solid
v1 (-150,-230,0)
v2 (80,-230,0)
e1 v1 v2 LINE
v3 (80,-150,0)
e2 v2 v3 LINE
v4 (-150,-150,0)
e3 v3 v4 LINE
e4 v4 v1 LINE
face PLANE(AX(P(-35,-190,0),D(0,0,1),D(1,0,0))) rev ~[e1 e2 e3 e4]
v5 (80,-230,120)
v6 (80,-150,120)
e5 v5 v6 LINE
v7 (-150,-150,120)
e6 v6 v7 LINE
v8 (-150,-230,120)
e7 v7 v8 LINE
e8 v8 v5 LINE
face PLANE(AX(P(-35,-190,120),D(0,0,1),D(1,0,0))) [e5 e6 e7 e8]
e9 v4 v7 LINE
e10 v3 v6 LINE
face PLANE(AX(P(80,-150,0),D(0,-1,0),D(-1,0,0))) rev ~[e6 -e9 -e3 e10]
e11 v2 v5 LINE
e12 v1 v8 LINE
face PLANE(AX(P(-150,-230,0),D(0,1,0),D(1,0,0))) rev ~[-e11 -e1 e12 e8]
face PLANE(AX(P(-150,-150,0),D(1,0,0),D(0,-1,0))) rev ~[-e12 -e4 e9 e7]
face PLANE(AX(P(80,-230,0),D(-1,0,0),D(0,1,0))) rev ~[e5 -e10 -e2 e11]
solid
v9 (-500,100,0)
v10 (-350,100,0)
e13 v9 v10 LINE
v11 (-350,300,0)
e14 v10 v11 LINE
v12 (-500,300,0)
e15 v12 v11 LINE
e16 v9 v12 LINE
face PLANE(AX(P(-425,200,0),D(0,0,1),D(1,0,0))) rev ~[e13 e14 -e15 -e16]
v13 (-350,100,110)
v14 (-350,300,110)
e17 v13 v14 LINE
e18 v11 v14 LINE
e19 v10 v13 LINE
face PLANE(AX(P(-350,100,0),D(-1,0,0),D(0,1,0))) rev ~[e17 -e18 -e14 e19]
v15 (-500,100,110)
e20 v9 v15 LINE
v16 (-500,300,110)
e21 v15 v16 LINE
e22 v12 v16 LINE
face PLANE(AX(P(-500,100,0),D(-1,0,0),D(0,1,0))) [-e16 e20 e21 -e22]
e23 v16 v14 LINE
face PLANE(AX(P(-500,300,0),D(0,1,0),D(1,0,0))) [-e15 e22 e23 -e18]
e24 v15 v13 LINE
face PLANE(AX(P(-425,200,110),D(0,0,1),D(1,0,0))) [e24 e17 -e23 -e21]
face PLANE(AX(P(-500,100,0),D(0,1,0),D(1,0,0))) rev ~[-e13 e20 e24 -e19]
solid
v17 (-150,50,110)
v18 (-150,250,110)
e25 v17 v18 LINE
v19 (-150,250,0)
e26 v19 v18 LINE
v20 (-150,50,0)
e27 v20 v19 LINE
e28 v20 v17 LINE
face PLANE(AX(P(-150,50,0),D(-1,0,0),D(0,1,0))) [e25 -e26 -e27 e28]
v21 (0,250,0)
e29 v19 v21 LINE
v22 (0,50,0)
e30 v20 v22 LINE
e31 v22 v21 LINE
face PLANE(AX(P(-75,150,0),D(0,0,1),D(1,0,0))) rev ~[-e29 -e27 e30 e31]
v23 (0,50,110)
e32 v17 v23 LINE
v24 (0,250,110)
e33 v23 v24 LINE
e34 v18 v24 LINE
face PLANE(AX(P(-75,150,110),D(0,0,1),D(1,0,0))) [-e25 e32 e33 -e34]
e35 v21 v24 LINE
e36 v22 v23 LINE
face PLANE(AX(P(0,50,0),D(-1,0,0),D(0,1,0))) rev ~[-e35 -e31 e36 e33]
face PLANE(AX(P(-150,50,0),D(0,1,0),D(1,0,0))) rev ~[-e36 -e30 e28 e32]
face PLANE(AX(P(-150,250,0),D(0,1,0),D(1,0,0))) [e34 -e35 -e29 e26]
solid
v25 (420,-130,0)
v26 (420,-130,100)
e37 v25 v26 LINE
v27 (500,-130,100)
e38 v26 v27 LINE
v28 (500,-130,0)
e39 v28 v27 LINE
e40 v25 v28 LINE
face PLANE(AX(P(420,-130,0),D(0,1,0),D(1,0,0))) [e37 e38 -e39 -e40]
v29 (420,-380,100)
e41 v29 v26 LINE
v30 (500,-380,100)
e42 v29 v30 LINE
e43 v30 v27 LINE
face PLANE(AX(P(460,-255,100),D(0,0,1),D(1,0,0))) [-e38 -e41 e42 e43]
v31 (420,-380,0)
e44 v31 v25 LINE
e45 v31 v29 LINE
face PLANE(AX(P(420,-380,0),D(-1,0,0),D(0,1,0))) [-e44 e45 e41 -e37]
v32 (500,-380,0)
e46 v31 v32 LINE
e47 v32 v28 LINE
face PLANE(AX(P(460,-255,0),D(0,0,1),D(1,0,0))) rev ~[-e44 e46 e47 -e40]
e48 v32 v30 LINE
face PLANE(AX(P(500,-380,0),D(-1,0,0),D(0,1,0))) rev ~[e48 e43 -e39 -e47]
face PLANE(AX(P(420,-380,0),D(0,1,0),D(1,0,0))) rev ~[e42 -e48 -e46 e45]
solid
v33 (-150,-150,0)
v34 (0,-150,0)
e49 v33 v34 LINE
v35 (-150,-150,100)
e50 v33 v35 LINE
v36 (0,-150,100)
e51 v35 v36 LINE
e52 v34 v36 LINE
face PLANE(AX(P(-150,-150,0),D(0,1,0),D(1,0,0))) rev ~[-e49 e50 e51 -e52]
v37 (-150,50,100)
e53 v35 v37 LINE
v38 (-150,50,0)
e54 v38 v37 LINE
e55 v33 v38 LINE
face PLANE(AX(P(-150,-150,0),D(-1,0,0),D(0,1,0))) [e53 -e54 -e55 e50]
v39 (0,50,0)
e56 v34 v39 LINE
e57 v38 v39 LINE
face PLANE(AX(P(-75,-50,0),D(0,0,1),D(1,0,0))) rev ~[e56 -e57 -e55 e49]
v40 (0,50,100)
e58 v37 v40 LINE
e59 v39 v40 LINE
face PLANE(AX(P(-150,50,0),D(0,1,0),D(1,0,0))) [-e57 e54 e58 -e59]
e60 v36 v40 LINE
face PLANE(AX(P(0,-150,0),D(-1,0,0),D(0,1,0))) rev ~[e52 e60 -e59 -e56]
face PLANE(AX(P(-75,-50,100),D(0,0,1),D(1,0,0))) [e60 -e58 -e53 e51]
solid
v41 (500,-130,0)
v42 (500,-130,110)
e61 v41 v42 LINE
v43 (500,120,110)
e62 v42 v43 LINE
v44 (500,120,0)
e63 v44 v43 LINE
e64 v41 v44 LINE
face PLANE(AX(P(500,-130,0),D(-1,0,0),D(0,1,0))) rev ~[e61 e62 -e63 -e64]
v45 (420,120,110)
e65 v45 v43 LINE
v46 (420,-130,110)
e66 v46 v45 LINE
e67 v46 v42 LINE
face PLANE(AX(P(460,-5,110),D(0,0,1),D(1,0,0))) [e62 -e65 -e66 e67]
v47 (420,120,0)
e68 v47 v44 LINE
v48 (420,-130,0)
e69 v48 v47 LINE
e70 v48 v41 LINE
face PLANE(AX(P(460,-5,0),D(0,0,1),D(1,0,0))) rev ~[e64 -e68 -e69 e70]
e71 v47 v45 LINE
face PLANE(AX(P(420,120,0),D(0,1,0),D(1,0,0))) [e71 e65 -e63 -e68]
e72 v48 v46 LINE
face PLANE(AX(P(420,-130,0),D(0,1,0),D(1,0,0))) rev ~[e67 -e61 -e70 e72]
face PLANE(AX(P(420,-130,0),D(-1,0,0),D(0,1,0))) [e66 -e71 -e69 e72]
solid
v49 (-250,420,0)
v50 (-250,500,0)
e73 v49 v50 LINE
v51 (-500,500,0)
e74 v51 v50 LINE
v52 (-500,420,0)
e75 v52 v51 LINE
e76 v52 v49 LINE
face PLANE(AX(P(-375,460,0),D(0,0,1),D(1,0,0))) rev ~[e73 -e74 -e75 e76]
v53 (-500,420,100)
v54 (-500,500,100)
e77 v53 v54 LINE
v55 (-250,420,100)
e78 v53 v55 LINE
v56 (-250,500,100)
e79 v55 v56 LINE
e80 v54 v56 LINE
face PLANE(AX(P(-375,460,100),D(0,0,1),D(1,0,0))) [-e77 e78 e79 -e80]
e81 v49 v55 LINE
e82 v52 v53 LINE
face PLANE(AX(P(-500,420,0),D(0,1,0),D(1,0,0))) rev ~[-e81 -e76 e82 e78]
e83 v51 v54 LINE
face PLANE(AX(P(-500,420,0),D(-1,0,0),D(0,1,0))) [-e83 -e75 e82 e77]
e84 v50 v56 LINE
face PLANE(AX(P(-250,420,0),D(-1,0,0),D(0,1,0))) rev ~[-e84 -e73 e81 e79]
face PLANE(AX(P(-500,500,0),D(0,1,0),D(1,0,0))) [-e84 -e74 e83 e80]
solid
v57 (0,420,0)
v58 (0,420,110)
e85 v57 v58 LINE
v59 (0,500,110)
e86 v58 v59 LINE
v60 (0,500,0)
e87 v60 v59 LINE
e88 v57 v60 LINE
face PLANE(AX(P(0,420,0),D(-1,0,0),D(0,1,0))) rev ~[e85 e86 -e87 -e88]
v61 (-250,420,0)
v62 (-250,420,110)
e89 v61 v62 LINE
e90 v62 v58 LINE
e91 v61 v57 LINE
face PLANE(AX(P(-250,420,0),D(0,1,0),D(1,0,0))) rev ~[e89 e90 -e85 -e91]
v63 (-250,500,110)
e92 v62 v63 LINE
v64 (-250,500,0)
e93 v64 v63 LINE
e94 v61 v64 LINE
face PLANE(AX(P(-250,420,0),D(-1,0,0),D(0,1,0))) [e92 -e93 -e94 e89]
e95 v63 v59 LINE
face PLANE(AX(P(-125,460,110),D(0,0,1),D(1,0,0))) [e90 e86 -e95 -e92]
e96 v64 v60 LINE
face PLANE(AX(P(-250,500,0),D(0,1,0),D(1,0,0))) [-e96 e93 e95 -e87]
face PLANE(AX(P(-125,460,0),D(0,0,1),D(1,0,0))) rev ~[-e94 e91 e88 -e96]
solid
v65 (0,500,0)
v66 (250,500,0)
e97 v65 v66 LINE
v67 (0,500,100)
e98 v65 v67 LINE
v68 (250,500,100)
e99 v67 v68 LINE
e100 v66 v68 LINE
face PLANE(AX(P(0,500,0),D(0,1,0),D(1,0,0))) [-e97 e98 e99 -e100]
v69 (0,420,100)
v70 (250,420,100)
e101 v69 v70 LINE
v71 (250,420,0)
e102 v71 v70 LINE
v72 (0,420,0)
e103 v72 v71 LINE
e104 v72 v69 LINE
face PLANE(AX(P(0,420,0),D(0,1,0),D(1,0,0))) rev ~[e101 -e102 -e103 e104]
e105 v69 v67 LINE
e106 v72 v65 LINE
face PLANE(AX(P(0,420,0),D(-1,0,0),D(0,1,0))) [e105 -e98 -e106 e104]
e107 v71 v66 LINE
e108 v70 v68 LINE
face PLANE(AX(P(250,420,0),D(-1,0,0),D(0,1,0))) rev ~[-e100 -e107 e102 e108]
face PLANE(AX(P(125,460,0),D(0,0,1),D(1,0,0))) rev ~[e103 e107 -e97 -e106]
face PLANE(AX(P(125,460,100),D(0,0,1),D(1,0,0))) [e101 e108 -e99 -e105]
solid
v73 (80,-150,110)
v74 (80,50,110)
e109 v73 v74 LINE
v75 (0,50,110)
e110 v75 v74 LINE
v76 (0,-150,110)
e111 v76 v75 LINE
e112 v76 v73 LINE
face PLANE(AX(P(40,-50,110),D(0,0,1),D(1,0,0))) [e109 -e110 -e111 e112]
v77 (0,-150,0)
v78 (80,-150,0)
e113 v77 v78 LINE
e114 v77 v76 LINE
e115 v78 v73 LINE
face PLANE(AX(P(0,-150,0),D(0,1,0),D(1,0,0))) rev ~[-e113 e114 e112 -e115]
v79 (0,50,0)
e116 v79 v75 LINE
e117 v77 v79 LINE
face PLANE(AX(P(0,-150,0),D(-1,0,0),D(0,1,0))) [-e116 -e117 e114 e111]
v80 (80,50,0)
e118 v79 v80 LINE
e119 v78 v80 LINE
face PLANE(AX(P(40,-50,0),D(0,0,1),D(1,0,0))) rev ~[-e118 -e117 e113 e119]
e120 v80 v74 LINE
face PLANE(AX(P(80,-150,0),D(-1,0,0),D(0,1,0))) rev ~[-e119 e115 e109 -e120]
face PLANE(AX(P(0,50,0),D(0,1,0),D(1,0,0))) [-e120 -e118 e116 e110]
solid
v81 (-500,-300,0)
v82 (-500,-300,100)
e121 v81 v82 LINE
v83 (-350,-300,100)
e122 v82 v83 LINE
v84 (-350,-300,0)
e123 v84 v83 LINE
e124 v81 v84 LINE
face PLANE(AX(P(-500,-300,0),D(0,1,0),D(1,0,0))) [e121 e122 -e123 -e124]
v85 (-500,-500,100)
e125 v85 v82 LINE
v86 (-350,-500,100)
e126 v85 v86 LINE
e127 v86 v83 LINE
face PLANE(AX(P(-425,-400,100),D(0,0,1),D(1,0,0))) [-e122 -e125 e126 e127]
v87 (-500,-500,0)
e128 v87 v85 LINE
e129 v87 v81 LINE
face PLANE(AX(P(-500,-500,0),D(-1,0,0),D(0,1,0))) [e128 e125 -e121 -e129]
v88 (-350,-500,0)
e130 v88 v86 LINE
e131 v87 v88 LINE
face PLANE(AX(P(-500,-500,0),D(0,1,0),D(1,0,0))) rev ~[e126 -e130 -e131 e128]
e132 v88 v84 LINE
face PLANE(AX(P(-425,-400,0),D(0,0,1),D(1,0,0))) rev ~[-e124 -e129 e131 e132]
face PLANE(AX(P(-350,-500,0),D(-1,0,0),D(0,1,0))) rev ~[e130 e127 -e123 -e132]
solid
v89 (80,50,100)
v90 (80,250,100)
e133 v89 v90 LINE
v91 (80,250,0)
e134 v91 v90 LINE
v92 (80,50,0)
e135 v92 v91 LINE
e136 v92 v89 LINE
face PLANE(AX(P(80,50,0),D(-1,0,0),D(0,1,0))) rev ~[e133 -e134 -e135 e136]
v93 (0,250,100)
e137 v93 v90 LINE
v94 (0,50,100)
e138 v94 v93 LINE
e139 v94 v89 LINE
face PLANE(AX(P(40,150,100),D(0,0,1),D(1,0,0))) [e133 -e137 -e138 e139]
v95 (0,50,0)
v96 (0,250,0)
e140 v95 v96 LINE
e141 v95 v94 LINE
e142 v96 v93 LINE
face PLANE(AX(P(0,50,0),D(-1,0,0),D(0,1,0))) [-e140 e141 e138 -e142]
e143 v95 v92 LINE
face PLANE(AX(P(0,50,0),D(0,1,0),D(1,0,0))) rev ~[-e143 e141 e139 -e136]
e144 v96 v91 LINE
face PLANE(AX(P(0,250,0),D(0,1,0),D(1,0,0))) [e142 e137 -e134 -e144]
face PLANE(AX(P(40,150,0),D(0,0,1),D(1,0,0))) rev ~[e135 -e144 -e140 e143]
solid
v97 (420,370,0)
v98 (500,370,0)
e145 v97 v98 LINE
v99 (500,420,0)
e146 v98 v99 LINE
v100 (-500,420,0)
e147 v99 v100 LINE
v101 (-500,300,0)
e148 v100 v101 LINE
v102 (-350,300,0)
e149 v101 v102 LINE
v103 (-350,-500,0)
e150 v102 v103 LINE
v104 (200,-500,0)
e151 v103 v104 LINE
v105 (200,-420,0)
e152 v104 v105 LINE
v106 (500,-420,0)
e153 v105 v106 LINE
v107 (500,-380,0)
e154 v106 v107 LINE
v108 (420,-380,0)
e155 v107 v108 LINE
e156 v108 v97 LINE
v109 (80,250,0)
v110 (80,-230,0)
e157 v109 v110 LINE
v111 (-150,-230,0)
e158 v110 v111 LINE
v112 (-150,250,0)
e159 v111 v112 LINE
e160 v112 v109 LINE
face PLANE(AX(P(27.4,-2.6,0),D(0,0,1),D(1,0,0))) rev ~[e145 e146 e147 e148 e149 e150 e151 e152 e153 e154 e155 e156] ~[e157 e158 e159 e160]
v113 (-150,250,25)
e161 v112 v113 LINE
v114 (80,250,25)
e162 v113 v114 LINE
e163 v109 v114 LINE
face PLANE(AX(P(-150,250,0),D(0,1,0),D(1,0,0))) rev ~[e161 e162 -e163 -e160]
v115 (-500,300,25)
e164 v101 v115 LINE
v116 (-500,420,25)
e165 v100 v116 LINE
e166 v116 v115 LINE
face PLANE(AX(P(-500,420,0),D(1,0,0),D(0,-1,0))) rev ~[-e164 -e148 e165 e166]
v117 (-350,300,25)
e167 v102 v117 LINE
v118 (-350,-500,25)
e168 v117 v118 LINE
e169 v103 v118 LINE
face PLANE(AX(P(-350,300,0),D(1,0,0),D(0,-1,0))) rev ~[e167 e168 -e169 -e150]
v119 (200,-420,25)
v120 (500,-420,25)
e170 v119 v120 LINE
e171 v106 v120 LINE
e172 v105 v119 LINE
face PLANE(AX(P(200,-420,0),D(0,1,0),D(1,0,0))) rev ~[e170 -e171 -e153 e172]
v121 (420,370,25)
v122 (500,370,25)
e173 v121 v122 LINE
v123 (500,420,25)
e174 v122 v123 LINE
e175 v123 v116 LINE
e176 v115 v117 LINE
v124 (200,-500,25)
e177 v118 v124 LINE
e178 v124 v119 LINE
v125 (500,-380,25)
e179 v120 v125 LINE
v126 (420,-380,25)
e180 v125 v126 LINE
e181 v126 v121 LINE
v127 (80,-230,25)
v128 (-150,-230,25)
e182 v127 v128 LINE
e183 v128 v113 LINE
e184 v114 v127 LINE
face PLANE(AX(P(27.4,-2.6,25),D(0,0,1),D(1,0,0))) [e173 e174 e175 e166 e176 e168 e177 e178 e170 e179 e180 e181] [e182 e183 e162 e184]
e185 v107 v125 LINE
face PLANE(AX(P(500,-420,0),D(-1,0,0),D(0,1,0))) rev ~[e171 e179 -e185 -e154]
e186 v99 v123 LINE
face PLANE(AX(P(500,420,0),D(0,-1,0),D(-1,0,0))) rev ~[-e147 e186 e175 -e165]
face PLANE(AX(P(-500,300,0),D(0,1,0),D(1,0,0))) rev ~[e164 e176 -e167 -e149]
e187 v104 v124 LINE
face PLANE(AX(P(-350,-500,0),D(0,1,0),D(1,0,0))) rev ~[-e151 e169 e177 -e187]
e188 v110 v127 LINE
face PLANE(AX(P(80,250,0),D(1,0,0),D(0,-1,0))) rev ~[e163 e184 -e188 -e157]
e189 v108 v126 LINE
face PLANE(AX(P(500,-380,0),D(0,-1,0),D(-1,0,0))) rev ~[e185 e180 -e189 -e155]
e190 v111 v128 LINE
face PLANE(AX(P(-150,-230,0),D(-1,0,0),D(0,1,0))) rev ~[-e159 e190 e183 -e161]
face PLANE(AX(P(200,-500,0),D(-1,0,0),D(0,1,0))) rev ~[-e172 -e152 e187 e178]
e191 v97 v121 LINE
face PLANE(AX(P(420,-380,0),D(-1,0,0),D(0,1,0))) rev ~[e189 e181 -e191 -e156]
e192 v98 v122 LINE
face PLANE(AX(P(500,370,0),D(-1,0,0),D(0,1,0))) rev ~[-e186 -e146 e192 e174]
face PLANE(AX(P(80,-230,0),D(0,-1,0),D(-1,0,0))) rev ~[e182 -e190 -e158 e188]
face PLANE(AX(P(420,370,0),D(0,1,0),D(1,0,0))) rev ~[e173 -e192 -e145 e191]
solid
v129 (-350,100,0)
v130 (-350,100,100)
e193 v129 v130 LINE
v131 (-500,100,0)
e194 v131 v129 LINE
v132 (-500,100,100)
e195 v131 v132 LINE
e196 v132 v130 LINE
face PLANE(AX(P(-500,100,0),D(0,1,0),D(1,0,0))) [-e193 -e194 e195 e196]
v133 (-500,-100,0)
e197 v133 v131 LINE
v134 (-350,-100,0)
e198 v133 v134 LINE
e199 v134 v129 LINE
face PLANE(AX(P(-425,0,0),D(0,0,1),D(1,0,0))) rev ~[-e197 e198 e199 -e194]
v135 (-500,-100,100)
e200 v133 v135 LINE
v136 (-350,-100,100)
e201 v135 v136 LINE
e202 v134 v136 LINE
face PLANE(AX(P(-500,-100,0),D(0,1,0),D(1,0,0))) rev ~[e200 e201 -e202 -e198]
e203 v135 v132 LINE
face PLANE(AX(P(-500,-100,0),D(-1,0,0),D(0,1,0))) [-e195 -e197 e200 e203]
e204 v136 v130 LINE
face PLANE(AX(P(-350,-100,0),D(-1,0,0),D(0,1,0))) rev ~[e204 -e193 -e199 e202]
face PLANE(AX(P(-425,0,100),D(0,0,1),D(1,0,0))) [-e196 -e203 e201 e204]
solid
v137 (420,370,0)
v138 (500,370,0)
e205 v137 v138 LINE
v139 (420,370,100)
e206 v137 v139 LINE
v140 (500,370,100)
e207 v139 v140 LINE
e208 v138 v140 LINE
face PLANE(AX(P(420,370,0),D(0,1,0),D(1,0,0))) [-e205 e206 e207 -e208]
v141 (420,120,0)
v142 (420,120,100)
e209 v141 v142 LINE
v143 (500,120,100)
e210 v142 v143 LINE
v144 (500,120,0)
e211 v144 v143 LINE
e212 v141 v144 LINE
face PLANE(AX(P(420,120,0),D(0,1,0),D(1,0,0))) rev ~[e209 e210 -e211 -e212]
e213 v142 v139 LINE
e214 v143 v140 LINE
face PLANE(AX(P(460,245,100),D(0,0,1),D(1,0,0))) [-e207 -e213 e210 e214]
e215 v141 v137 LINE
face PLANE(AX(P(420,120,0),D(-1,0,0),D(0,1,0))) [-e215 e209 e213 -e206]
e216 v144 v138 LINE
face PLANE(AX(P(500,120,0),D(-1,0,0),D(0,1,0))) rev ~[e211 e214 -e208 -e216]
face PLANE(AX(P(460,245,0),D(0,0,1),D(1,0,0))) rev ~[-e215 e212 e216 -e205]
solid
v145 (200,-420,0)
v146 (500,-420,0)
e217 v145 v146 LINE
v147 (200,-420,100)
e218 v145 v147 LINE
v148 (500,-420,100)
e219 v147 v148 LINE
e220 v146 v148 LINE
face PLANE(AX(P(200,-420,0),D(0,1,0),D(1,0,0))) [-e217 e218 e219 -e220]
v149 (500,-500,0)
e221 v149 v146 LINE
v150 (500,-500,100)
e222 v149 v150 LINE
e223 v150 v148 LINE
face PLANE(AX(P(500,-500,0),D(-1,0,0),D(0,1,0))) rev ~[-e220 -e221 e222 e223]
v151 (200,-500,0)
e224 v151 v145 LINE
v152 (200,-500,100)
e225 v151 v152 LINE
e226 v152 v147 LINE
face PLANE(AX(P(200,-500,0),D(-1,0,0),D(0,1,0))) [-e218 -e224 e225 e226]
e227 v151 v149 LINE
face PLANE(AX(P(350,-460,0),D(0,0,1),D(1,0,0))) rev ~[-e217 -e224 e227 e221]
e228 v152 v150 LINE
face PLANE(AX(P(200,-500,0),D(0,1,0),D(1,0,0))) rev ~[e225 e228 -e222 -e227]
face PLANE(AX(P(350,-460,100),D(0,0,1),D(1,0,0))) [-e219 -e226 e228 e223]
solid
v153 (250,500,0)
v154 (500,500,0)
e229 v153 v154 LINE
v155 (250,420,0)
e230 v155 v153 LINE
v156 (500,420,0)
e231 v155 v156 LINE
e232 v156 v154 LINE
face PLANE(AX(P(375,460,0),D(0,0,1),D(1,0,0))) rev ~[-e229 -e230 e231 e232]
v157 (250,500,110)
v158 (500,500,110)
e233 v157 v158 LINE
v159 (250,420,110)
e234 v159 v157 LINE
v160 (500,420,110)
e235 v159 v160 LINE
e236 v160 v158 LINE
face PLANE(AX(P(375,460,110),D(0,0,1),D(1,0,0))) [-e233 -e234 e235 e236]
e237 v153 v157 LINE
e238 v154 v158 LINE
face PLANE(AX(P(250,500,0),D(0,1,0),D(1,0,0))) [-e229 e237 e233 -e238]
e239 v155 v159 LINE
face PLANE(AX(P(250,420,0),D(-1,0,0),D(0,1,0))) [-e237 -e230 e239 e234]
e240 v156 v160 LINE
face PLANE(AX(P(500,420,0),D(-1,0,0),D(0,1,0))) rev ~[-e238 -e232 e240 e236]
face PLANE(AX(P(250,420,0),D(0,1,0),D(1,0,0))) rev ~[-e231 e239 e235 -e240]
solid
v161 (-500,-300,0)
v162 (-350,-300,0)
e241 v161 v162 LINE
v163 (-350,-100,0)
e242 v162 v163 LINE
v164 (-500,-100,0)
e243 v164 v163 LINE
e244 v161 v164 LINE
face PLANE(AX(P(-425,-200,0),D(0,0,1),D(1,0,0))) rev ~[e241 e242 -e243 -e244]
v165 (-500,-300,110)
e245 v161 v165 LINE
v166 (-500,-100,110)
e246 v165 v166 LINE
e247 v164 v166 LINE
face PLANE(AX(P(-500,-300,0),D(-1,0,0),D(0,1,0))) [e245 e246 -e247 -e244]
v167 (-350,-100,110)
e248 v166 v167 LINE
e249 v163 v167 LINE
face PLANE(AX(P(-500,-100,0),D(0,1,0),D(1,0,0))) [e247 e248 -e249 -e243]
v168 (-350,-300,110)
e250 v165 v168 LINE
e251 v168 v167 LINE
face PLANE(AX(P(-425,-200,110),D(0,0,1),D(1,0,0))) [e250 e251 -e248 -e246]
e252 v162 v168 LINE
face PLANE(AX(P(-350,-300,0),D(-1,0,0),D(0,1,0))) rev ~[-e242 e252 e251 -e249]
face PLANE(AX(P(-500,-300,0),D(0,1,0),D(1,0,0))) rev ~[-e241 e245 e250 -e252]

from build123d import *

# Parameters (mm, degrees)
F0_W     = 250
F0_H     = 80
F0_W_2   = 80
F0_H_2   = 250
F0_W_3   = 300
F0_W_4   = 150
F0_H_3   = 200
F1_DEPTH = 100
F2_DEPTH = 110
F3_DEPTH = 120
F4_DEPTH = 25


with BuildPart() as f1:
    # F0 (on Top) → F1 (new body)
    with BuildSketch(Plane.XY):
        with Locations((-375, 460)):
            Rectangle(F0_W, F0_H)
        with Locations((125, 460)):
            Rectangle(F0_W, F0_H)
        with Locations((460, 245)):
            Rectangle(F0_W_2, F0_H_2)
        with Locations((460, -255)):
            Rectangle(F0_W_2, F0_H_2)
        with Locations((350, -460)):
            Rectangle(F0_W_3, F0_H)
        with Locations((-425, -400)):
            Rectangle(F0_W_4, F0_H_3)
        with Locations((-425, 0)):
            Rectangle(F0_W_4, F0_H_3)
        with Locations((-75, -50)):
            Rectangle(F0_W_4, F0_H_3)
        with Locations((40, 150)):
            Rectangle(F0_W_2, F0_H_3)
    extrude(amount=F1_DEPTH)


with BuildPart() as f2:
    # F0 (on Top) → F2 (new body)
    with BuildSketch(Plane.XY):
        with Locations((-425, 200)):
            Rectangle(F0_W_4, F0_H_3)
        with Locations((-125, 460)):
            Rectangle(F0_W, F0_H)
        with Locations((375, 460)):
            Rectangle(F0_W, F0_H)
        with Locations((460, -5)):
            Rectangle(F0_W_2, F0_H_2)
        with Locations((-75, 150)):
            Rectangle(F0_W_4, F0_H_3)
        with Locations((40, -50)):
            Rectangle(F0_W_2, F0_H_3)
        with Locations((-425, -200)):
            Rectangle(F0_W_4, F0_H_3)
    extrude(amount=F2_DEPTH)


with BuildPart() as f3:
    # F0 (on Top) → F3 (new body)
    with BuildSketch(Plane.XY):
        Polygon((80, -150), (0, -150), (-150, -150), (-150, -230), (80, -230), align=None)
    extrude(amount=F3_DEPTH)


with BuildPart() as f4:
    # F0 (on Top) → F4 (new body)
    with BuildSketch(Plane.XY):
        Polygon((-250, 420), (-500, 420), (-500, 300), (-350, 300), (-350, 100), (-350, -100), (-350, -300), (-350, -500), (200, -500), (200, -420), (500, -420), (500, -380), (420, -380), (420, -130), (420, 120), (420, 370), (500, 370), (500, 420), (250, 420), (0, 420), align=None)
        Polygon((-150, 250), (0, 250), (80, 250), (80, 50), (80, -150), (80, -230), (-150, -230), (-150, -150), (-150, 50), align=None, mode=Mode.SUBTRACT)
    extrude(amount=F4_DEPTH)


solid = Compound([f1.part, f2.part, f3.part, f4.part])
